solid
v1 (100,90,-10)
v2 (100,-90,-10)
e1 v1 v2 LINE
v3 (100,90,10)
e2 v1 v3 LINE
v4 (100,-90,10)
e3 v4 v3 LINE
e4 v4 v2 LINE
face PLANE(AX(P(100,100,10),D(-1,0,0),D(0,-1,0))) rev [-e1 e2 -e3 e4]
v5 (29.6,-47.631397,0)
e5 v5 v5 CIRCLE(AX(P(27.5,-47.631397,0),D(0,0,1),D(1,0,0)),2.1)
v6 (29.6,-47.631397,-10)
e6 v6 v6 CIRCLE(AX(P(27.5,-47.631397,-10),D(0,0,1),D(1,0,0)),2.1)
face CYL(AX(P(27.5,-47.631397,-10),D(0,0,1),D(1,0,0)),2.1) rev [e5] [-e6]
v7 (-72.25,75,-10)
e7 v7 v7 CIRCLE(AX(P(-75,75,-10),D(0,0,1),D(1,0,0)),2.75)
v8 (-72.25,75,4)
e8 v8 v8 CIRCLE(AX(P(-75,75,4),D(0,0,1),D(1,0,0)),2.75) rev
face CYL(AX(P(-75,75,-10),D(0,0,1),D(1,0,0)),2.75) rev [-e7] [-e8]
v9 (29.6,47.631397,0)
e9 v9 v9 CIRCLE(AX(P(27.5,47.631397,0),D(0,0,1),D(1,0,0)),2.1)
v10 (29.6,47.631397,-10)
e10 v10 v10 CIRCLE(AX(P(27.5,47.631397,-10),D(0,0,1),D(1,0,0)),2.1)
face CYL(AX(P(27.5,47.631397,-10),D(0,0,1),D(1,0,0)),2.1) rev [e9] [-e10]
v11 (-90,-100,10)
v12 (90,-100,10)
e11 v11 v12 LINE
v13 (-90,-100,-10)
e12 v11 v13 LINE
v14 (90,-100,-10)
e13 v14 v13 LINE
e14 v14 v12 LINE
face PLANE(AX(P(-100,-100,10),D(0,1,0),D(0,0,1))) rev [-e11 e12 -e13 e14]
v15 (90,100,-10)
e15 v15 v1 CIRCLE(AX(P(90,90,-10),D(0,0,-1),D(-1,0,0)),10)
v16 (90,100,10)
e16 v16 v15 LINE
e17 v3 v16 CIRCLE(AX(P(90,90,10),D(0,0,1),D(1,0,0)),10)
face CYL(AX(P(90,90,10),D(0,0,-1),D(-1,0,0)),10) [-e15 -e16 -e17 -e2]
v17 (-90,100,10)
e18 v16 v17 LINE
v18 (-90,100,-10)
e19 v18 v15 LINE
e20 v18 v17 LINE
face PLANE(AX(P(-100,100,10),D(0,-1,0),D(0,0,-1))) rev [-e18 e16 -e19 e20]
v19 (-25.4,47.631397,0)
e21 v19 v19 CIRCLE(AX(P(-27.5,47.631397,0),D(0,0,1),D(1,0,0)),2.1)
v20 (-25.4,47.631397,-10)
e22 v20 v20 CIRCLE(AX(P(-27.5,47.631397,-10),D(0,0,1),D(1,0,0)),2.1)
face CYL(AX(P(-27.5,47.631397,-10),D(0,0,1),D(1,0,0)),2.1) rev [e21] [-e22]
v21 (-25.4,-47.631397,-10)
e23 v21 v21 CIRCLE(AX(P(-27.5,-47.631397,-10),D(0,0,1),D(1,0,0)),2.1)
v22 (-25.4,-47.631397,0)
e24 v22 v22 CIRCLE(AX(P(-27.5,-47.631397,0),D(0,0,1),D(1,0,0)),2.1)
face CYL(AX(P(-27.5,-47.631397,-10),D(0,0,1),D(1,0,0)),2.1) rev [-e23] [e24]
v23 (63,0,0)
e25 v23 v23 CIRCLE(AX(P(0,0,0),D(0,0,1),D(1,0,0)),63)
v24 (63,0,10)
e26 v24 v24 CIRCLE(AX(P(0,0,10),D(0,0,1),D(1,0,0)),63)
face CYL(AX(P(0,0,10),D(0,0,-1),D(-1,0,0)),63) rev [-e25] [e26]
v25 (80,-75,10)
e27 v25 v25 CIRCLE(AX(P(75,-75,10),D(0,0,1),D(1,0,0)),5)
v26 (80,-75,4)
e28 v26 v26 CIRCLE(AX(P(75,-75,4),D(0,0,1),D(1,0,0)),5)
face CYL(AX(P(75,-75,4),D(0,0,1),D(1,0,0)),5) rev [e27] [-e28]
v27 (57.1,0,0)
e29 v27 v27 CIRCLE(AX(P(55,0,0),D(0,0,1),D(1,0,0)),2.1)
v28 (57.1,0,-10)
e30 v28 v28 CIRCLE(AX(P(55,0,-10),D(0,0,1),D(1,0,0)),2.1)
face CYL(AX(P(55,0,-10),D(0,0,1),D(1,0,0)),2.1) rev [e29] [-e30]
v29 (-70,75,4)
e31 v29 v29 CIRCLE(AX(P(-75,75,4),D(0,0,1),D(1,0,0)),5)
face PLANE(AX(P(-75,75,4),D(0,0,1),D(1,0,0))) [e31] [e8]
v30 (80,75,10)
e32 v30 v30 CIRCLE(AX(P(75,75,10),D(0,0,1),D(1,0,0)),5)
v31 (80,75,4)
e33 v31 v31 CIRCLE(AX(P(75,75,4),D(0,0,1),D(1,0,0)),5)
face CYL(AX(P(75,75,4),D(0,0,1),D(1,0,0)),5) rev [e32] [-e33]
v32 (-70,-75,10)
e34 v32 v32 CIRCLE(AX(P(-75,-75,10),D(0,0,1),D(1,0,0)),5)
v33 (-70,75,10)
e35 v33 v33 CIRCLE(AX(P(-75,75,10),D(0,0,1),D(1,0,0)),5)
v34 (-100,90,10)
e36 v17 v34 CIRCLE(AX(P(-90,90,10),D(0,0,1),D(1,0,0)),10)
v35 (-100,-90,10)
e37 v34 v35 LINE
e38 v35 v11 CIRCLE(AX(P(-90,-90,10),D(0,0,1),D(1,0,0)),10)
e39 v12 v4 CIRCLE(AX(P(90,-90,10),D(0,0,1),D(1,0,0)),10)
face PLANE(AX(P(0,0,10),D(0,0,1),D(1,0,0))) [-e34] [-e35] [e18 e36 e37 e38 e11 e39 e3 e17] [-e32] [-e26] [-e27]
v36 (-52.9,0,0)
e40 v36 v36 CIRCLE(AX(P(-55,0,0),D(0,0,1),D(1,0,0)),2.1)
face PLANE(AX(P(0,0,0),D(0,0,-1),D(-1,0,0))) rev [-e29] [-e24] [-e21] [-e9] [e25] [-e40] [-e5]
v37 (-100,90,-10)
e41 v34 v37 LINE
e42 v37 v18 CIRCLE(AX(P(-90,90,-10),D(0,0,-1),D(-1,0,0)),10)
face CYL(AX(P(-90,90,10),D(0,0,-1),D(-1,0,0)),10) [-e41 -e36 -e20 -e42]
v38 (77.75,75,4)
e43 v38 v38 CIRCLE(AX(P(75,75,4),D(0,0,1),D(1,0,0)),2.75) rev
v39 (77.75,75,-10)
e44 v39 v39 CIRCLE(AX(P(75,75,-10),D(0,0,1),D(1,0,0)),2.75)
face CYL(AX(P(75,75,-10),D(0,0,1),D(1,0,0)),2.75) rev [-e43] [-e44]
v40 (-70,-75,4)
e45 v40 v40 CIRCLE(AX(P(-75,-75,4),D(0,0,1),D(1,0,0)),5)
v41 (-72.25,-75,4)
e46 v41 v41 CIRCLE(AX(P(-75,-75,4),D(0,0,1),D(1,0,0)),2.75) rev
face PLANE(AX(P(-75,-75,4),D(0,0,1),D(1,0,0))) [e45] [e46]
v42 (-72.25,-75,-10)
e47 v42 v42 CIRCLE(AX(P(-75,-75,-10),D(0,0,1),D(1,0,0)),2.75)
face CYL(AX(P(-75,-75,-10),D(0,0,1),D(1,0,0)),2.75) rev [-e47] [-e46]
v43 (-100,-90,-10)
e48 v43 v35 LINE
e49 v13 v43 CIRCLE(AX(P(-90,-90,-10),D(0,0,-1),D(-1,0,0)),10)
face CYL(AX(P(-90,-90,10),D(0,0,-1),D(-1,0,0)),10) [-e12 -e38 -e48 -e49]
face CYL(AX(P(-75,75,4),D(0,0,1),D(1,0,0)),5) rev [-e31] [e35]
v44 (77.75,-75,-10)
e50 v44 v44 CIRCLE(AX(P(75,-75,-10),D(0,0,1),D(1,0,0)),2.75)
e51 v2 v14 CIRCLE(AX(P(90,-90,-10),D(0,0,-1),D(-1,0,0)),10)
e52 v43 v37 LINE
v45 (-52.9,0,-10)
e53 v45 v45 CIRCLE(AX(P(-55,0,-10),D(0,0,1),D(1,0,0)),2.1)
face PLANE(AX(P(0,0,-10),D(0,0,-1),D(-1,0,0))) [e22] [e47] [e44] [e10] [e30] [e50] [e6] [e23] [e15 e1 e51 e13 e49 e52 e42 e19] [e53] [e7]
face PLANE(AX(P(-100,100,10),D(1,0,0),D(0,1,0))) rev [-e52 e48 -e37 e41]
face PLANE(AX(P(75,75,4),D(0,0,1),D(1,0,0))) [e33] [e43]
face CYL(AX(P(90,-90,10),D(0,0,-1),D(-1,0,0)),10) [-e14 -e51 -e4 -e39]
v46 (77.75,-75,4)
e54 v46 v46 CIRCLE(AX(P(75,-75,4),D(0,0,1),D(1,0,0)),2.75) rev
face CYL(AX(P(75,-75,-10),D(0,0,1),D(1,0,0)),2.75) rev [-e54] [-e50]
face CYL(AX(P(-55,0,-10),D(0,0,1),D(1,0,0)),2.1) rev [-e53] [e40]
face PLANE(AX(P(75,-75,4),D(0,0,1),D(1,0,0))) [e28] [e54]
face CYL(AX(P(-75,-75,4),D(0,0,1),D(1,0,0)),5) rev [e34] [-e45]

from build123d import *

# Parameters (mm, degrees)
SKETCH_1_W          = 200
SKETCH_1_H          = 200
SKETCH_1_R          = 63
EXTRUDE_1_DEPTH     = 10
SKETCH_2_W          = 200
SKETCH_2_H          = 200
EXTRUDE_2_DEPTH     = 10
SKETCH_3_R          = 2.1
CUT_EXTRUDE_1_DEPTH = 10
SKETCH_4_R          = 2.75
CUT_EXTRUDE_2_DEPTH = 143.828568571
SKETCH_5_R          = 5
CUT_EXTRUDE_3_DEPTH = 6
FILLET_1_R          = 10


with BuildPart() as part:
    # ｽｹｯﾁ1 → ﾎﾞｽ - 押し出し1 (new body)
    with BuildSketch(Plane.XY):
        Rectangle(SKETCH_1_W, SKETCH_1_H)
        Circle(SKETCH_1_R, mode=Mode.SUBTRACT)
    extrude(amount=EXTRUDE_1_DEPTH)

    # ｽｹｯﾁ2 → ﾎﾞｽ - 押し出し2 (add)
    with BuildSketch(Plane(origin=(0, 0, 0), x_dir=(-1, 0, 0), z_dir=(0, 0, -1))):
        Rectangle(SKETCH_2_W, SKETCH_2_H)
    extrude(amount=EXTRUDE_2_DEPTH)

    # ｽｹｯﾁ3 → ｶｯﾄ - 押し出し1 (cut)
    with BuildSketch(Plane.XY):
        with Locations((27.5, -47.631397208)):
            Circle(SKETCH_3_R)
        with Locations((-27.5, -47.631397208)):
            Circle(SKETCH_3_R)
        with Locations((-55, 0)):
            Circle(SKETCH_3_R)
        with Locations((-27.5, 47.631397208)):
            Circle(SKETCH_3_R)
        with Locations((27.5, 47.631397208)):
            Circle(SKETCH_3_R)
        with Locations((55, 0)):
            Circle(SKETCH_3_R)
    extrude(amount=-CUT_EXTRUDE_1_DEPTH, mode=Mode.SUBTRACT)

    # ｽｹｯﾁ4 → ｶｯﾄ - 押し出し2 (cut, through all)
    with BuildSketch(Plane.XY.offset(10)):
        with Locations((75, 75)):
            Circle(SKETCH_4_R)
        with Locations((75, -75)):
            Circle(SKETCH_4_R)
        with Locations((-75, -75)):
            Circle(SKETCH_4_R)
        with Locations((-75, 75)):
            Circle(SKETCH_4_R)
    extrude(amount=-CUT_EXTRUDE_2_DEPTH, mode=Mode.SUBTRACT)

    # ｽｹｯﾁ5 → ｶｯﾄ - 押し出し3 (cut)
    with BuildSketch(Plane.XY.offset(10)):
        with Locations((75, -75)):
            Circle(SKETCH_5_R)
        with Locations((-75, -75)):
            Circle(SKETCH_5_R)
        with Locations((-75, 75)):
            Circle(SKETCH_5_R)
        with Locations((75, 75)):
            Circle(SKETCH_5_R)
    extrude(amount=-CUT_EXTRUDE_3_DEPTH, mode=Mode.SUBTRACT)

    # ﾌｨﾚｯﾄ1
    fillet_1_edges = [part.edges().sort_by_distance(p)[0] for p in [
        (100, -100, 0),
        (-100, -100, 0),
        (-100, 100, 0),
        (100, 100, 0),
    ]]
    fillet(fillet_1_edges, radius=FILLET_1_R)


solid = part.part
